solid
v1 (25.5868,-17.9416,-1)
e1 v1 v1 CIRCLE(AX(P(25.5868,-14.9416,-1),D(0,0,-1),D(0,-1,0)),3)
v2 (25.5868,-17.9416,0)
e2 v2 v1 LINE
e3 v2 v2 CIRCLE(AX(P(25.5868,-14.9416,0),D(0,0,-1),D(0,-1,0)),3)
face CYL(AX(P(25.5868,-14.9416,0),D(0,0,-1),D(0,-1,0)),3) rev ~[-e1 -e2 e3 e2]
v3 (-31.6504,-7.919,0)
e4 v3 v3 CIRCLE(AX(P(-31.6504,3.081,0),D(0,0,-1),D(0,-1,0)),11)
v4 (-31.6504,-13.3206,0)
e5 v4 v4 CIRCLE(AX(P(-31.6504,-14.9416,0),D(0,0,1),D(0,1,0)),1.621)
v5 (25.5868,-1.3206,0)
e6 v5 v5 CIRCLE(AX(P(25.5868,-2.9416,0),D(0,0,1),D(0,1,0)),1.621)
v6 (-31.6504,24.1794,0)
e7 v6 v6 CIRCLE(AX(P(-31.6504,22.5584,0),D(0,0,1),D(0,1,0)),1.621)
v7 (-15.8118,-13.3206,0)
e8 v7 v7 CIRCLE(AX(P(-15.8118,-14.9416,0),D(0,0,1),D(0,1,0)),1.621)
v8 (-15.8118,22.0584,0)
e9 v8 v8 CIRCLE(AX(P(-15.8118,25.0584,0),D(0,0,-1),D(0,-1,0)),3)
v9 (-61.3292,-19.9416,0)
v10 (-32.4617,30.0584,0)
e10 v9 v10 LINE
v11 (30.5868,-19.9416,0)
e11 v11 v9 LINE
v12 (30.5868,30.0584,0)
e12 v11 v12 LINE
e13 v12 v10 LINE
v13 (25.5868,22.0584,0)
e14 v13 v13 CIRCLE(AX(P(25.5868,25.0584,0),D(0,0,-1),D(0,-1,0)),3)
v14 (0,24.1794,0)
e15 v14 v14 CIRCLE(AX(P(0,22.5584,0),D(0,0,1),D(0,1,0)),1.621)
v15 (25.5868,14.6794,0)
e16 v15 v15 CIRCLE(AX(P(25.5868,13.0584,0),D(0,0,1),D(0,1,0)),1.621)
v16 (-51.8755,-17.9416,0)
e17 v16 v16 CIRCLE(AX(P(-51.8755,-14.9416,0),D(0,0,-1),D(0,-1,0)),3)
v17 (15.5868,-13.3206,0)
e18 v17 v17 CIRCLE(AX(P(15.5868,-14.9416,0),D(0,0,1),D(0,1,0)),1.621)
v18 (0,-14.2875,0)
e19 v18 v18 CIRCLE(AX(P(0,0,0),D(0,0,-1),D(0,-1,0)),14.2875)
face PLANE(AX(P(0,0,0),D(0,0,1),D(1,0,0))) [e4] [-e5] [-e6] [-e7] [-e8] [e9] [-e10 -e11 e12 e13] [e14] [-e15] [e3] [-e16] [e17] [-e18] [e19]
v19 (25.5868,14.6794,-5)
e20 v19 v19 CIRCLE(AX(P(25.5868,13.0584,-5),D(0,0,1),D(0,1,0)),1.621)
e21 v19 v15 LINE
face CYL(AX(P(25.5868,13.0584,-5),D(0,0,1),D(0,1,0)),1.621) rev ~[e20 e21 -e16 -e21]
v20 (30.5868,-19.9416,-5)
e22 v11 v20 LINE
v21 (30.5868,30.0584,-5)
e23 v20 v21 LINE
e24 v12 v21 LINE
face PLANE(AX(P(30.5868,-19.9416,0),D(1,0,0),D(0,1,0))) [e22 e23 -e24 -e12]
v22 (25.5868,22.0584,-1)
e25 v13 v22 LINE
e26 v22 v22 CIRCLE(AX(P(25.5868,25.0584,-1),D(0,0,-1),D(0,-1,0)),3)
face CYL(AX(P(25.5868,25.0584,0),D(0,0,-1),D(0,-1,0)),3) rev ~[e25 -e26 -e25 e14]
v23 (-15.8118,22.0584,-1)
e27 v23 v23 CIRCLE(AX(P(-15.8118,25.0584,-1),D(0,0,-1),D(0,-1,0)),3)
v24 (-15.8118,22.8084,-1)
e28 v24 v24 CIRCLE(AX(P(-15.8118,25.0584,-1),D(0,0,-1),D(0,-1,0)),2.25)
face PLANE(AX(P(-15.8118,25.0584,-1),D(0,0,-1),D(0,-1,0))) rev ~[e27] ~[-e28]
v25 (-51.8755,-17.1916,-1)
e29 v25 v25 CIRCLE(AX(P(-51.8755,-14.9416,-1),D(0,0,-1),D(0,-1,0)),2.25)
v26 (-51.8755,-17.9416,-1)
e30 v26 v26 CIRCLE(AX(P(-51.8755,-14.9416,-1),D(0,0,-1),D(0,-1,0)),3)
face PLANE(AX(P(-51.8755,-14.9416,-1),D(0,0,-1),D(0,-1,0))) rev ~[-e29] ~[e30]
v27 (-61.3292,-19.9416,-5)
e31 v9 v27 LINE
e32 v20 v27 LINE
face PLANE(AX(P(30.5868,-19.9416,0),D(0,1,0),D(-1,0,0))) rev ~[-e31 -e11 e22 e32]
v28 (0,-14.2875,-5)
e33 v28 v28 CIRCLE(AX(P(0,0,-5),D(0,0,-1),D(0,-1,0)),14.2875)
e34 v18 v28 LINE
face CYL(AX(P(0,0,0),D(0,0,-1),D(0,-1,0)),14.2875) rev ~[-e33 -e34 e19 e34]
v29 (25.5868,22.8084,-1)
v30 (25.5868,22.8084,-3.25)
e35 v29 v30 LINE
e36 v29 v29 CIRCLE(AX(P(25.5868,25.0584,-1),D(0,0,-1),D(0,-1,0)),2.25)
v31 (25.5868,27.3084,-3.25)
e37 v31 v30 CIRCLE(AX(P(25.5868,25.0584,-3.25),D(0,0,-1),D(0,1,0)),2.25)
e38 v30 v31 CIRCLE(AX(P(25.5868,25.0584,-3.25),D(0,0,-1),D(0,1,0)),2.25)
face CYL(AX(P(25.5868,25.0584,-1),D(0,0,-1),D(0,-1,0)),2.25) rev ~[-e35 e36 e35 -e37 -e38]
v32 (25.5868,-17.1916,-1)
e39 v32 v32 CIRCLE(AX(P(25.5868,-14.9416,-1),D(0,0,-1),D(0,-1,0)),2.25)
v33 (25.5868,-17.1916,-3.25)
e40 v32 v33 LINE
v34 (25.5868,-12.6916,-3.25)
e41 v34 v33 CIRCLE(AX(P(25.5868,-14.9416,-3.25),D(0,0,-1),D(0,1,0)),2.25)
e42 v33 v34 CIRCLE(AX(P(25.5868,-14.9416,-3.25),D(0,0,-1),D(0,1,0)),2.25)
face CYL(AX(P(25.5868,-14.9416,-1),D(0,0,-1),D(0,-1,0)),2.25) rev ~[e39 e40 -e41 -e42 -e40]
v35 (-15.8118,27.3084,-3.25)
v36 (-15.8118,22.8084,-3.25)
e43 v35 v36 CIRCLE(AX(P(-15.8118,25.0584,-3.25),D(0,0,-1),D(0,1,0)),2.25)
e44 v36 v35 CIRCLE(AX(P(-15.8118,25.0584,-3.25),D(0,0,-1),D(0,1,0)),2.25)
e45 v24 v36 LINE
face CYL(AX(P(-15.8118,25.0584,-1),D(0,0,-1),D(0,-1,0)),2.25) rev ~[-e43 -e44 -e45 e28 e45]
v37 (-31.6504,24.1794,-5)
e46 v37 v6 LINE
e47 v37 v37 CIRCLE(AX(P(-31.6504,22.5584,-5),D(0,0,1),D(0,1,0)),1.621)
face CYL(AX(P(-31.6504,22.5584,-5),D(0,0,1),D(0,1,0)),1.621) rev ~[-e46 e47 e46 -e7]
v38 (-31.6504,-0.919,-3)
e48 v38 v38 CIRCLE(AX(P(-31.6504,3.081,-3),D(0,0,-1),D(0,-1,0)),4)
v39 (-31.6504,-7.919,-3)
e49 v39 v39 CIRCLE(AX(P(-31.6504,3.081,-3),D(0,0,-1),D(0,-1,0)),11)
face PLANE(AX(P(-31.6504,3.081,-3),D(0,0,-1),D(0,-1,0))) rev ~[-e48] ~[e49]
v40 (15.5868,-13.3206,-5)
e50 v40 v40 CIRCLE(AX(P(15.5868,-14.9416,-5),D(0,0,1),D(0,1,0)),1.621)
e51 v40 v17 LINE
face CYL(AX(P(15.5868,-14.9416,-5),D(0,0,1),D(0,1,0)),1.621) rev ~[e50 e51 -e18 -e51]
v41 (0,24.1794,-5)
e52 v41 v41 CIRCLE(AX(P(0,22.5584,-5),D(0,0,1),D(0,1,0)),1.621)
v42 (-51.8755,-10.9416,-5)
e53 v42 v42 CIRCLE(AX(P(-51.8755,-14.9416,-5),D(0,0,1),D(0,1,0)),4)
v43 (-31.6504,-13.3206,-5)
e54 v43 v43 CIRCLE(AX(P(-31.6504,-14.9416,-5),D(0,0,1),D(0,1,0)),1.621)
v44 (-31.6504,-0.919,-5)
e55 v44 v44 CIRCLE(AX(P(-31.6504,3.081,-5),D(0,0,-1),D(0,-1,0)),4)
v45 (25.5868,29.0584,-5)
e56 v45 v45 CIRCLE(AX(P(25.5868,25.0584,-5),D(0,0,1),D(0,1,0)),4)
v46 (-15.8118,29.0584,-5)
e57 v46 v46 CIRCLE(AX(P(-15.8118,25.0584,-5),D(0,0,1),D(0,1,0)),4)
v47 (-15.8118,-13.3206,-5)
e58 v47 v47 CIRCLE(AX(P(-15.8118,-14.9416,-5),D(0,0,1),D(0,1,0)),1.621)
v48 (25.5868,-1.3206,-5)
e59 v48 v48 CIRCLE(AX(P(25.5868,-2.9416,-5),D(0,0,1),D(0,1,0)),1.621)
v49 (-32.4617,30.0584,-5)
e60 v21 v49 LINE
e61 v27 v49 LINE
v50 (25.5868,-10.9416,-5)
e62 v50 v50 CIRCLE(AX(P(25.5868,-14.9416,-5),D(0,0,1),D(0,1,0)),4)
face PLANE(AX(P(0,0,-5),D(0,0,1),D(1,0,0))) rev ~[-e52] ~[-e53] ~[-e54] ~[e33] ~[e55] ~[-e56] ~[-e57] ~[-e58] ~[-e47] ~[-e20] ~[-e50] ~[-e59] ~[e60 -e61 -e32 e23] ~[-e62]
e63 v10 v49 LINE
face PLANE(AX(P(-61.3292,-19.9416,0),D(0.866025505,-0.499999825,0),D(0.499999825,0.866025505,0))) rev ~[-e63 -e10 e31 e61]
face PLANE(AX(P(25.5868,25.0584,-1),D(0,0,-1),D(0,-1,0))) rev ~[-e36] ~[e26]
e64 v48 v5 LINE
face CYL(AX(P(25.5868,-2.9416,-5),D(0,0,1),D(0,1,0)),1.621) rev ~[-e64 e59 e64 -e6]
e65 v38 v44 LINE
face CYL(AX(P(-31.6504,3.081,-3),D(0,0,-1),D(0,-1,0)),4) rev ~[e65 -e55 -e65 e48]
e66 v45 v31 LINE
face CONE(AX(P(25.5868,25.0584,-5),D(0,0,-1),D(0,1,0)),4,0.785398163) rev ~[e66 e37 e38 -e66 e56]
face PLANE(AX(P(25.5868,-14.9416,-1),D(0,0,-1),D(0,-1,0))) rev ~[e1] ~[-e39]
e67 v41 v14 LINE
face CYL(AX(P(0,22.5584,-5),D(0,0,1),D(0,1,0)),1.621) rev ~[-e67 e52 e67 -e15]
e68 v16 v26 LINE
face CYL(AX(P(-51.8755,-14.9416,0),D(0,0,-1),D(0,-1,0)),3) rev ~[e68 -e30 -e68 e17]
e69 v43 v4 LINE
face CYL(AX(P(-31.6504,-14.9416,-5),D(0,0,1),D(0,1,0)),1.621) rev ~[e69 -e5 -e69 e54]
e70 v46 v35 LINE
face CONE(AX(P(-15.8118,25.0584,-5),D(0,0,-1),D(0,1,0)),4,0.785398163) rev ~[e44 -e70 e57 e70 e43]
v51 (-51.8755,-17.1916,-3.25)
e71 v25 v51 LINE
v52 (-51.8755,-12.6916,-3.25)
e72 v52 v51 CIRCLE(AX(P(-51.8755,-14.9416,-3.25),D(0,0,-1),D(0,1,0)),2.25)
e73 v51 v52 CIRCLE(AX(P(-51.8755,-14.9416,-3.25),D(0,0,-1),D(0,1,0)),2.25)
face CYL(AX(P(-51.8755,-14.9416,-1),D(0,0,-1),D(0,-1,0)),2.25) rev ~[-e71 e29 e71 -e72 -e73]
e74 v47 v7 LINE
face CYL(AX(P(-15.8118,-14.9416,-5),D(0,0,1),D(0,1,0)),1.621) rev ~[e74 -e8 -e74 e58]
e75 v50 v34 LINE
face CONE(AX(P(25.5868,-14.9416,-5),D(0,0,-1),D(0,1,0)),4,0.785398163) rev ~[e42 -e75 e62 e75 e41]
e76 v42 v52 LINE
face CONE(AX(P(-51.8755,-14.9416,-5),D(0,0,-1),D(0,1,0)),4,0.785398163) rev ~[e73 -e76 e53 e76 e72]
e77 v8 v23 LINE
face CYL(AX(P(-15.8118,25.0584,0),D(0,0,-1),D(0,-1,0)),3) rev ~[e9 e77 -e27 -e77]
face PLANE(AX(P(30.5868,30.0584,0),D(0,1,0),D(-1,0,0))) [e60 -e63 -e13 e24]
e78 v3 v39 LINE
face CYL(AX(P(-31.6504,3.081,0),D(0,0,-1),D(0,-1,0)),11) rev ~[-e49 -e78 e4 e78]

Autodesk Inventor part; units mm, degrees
ref_plane "YZ Plane" through (0, 0, 0) normal (1, 0, 0) x (0, 1, 0)
ref_plane "XZ Plane" through (0, 0, 0) normal (0, 1, 0) x (-1, 0, 0)
ref_plane "XY Plane" through (0, 0, 0) normal (0, 0, 1) x (1, 0, 0)
sketch "MASTER SKETCH" plane through (0, 0, 0) normal (0, 0, 1) x (1, 0, 0)
  circle A0 centre (0, 0) radius 22.86
  circle A1 centre (-31.6504, 3.081) radius 8.89
  circle A2 centre (-31.6504, 3.081) radius 20.32
  circle A3 centre (-60.6627, 6.8802) radius 8.89
  circle A4 centre (-58.2971, 5.0584) radius 6.35
  circle A5 centre (-60.6627, 6.8802) radius 25.4
  circle A6 centre (-58.2971, 5.0584) radius 25.4 construction
  line L0 (-44.0087, 26.0584) -> (-77.3167, -12.298) construction
  line L1 (-68.9445, 30.8921) -> (-52.3809, -17.1317) construction
  line L2 (-85.8186, 10.3933) -> (-36.0162, 0.7394) construction
  circle A7 centre (-44.0087, 26.0584) radius 2
  arc A8 (-68.9445, 30.8921) -> (-69.3394, 27.9326) centre (-44.0087, 26.0584) ccw construction
  arc A9 (-70.9079, 31.2727) -> (-71.334, 28.0802) centre (-44.0087, 26.0584) ccw
  arc A10 (-66.981, 30.5115) -> (-67.3449, 27.785) centre (-44.0087, 26.0584) ccw
  arc A11 (-66.981, 30.5115) -> (-70.9079, 31.2727) centre (-68.9445, 30.8921) ccw
  arc A12 (-71.334, 28.0802) -> (-67.3449, 27.785) centre (-69.3394, 27.9326) ccw
  arc A13 (-85.8186, 10.3933) -> (-83.6914, 5.5953) centre (-44.0087, 26.0584) ccw construction
  arc A14 (-87.6914, 9.6916) -> (-85.469, 4.6787) centre (-44.0087, 26.0584) ccw
  arc A15 (-83.9457, 11.0951) -> (-81.9139, 6.5119) centre (-44.0087, 26.0584) ccw
  arc A16 (-83.9457, 11.0951) -> (-87.6914, 9.6916) centre (-85.8186, 10.3933) ccw
  arc A17 (-85.469, 4.6787) -> (-81.9139, 6.5119) centre (-83.6914, 5.5953) ccw
  arc A18 (-77.3167, -12.298) -> (-72.5856, -15.9416) centre (-44.0087, 26.0584) ccw construction
  arc A19 (-78.6281, -13.8081) -> (-73.7107, -17.5951) centre (-44.0087, 26.0584) ccw
  arc A20 (-76.0054, -10.7879) -> (-71.4605, -14.288) centre (-44.0087, 26.0584) ccw
  arc A21 (-76.0054, -10.7879) -> (-78.6281, -13.8081) centre (-77.3167, -12.298) ccw
  arc A22 (-73.7107, -17.5951) -> (-71.4605, -14.288) centre (-72.5856, -15.9416) ccw
  arc A23 (-52.3809, -17.1317) -> (-47.2548, -17.8157) centre (-44.0087, 26.0584) ccw construction
  arc A24 (-52.7615, -19.0951) -> (-47.4024, -19.8103) centre (-44.0087, 26.0584) ccw
  arc A25 (-52.0003, -15.1682) -> (-47.1072, -15.8212) centre (-44.0087, 26.0584) ccw
  arc A26 (-52.0003, -15.1682) -> (-52.7615, -19.0951) centre (-52.3809, -17.1317) ccw
  arc A27 (-47.4024, -19.8103) -> (-47.1072, -15.8212) centre (-47.2548, -17.8157) ccw
  arc A28 (-36.0162, 0.7394) -> (-33.1003, 1.8522) centre (-44.0087, 26.0584) ccw construction
  arc A29 (-35.4141, -1.1679) -> (-32.2786, 0.0288) centre (-44.0087, 26.0584) ccw
  arc A30 (-36.6183, 2.6466) -> (-33.922, 3.6756) centre (-44.0087, 26.0584) ccw
  arc A31 (-36.6183, 2.6466) -> (-35.4141, -1.1679) centre (-36.0162, 0.7394) ccw
  arc A32 (-32.2786, 0.0288) -> (-33.922, 3.6756) centre (-33.1003, 1.8522) ccw
  line L3 (-91.0627, 30.0584) -> (30.5868, 30.0584)
  line L4 (30.5868, 30.0584) -> (30.5868, -19.9416)
  line L5 (30.5868, -19.9416) -> (-91.0627, -19.9416)
  line L6 (-91.0627, -19.9416) -> (-91.0627, 30.0584)
  circle A33 centre (0, 0) radius 14.2875 construction
  circle A34 centre (25.5868, -14.9416) radius 3
  circle A35 centre (25.5868, 25.0584) radius 3
  circle A36 centre (-51.8755, -14.9416) radius 3
  line L7 (-91.0627, 25.3566) -> (30.5868, 25.3566) construction
  circle A37 centre (-15.8118, 25.0584) radius 3
  line L8 (-58.2971, 5.0584) -> (-60.6627, 6.8802) construction
  line L9 (-52.0979, 13.108) -> (-54.4635, 14.9298)
  line L10 (-66.8619, -1.1693) -> (-64.4963, -2.9911)
  arc A38 (-64.4963, -2.9911) -> (-52.0979, 13.108) centre (-58.2971, 5.0584) ccw
  arc A39 (-54.4635, 14.9298) -> (-66.8619, -1.1693) centre (-60.6627, 6.8802) ccw
  circle A40 centre (0, 0) radius 24.13 construction
  circle A41 centre (-31.6504, 3.081) radius 21.59 construction
  line L11 (-67.7771, -2.3578) -> (-65.4116, -4.1796)
  arc A42 (-65.4116, -4.1796) -> (-51.1827, 14.2964) centre (-58.2971, 5.0584) ccw
  line L12 (-51.1827, 14.2964) -> (-53.5482, 16.1182)
  arc A43 (-53.5482, 16.1182) -> (-67.7771, -2.3578) centre (-60.6627, 6.8802) ccw
  point P0 (-60.0285, -7.7006)
  point P1 (-59.4799, 5.9693)
  dimension "d0" = 45.72
  dimension "d1" = 17.78
  dimension "d2" = 40.64
  dimension "d4" = 17.78
  dimension "d5" = 12.7
  dimension "d6" = 50.8
  dimension "d9" = 50.8
  dimension "d10" = 60
  dimension "d11" = 60
  dimension "d12" = 4
  dimension "d13" = 4
  dimension "d14" = 4
  dimension "d15" = 4
  dimension "d16" = 4
  dimension "d17" = 4
  dimension "d19" = 28.575
  dimension "d28" = 6
  dimension "d29" = 6
  dimension "d30" = 6
  dimension "d39" = 31.8
  dimension "d42" = 29.26
  dimension "d43" = 26.72
  dimension "d70" = 2
  dimension "d73" = 6
  dimension "d84" = 2
  dimension "d85" = 5
  dimension "d89" = 20.32
  dimension "d108" = 1.27
  dimension "d109" = 1.27
  dimension "d110" = 2.5
  dimension "d111" = 2.5
  dimension "d113" = 2.5
  dimension "d114" = 2
  dimension "d129" = 1.5
  dimension "d133" = 2.5
  dimension "d136" = 50
  dimension "d139" = 2
  dimension "d140" = 2.5
  dimension "d141" = 2
  dimension "d142" = 2
sketch "Sketch2" plane through (0, 0, 0) normal (0, 0, 1) x (1, 0, 0)
  line L0 (-91.0627, 30.0584) -> (30.5868, 30.0584) projected
  line L1 (-91.0627, -19.9416) -> (-91.0627, 30.0584) projected
  line L2 (30.5868, 30.0584) -> (30.5868, -19.9416) projected
  line L3 (30.5868, -19.9416) -> (-91.0627, -19.9416) projected
  line L4 (-91.0627, 30.0584) -> (30.5868, 30.0584)
  line L5 (30.5868, 30.0584) -> (30.5868, -19.9416)
  line L6 (30.5868, -19.9416) -> (-91.0627, -19.9416)
  line L7 (-91.0627, -19.9416) -> (-91.0627, 30.0584)
  point P0 (0, 0)
extrude "Extrusion1" [suppressed]
sketch "Sketch3" plane through (0, 0, 0) normal (0, 0, -1) x (-1, 0, 0)
  arc A0 (47.1072, -15.8212) -> (47.4024, -19.8103) centre (47.2548, -17.8157) ccw projected
  arc A1 (47.1072, -15.8212) -> (52.0003, -15.1682) centre (44.0087, 26.0584) ccw projected
  arc A2 (47.4024, -19.8103) -> (52.7615, -19.0951) centre (44.0087, 26.0584) ccw projected
  arc A3 (52.7615, -19.0951) -> (52.0003, -15.1682) centre (52.3809, -17.1317) ccw projected
  line L0 (91.0627, 30.0584) -> (91.0627, -19.9416) projected
  line L1 (-30.5868, 30.0584) -> (91.0627, 30.0584) projected
  line L2 (-30.5868, -19.9416) -> (-30.5868, 30.0584) projected
  line L3 (91.0627, -19.9416) -> (-30.5868, -19.9416) projected
  arc A4 (71.4605, -14.288) -> (73.7107, -17.5951) centre (72.5856, -15.9416) ccw projected
  arc A5 (73.7107, -17.5951) -> (78.6281, -13.8081) centre (44.0087, 26.0584) ccw projected
  arc A6 (71.4605, -14.288) -> (76.0054, -10.7879) centre (44.0087, 26.0584) ccw projected
  arc A7 (78.6281, -13.8081) -> (76.0054, -10.7879) centre (77.3167, -12.298) ccw projected
  arc A8 (81.9139, 6.5119) -> (83.9457, 11.0951) centre (44.0087, 26.0584) ccw projected
  arc A9 (81.9139, 6.5119) -> (85.469, 4.6787) centre (83.6914, 5.5953) ccw projected
  arc A10 (85.469, 4.6787) -> (87.6914, 9.6916) centre (44.0087, 26.0584) ccw projected
  arc A11 (87.6914, 9.6916) -> (83.9457, 11.0951) centre (85.8186, 10.3933) ccw projected
  arc A12 (71.334, 28.0802) -> (70.9079, 31.2727) centre (44.0087, 26.0584) ccw projected
  arc A13 (67.3449, 27.785) -> (66.981, 30.5115) centre (44.0087, 26.0584) ccw projected
  arc A14 (70.9079, 31.2727) -> (66.981, 30.5115) centre (68.9445, 30.8921) ccw projected
  arc A15 (67.3449, 27.785) -> (71.334, 28.0802) centre (69.3394, 27.9326) ccw projected
  arc A16 (66.8619, -1.1693) -> (54.4635, 14.9298) centre (60.6627, 6.8802) ccw projected
  arc A17 (52.0979, 13.108) -> (64.4963, -2.9911) centre (58.2971, 5.0584) ccw projected
  line L4 (52.0979, 13.108) -> (54.4635, 14.9298) projected
  line L5 (66.8619, -1.1693) -> (64.4963, -2.9911) projected
  point P0 (0, 0)
extrude "Extrusion2" [suppressed]
sketch "Sketch4" plane through (0, 0, 0) normal (0, 0, -1) x (-1, 0, 0)
  circle A0 centre (-25.5868, 25.0584) radius 3 projected
  circle A1 centre (15.8118, 25.0584) radius 3 projected
  circle A2 centre (51.8755, -14.9416) radius 3 projected
  circle A3 centre (-25.5868, -14.9416) radius 3 projected
  point P0 (0, 0)
sketch "Sketch5" plane through (0, 0, 0) normal (0, 0, -1) x (-1, 0, 0)
  circle A0 centre (0, 0) radius 22.86 projected
hole "Hole1" [suppressed]
hole "Hole2" [suppressed]
sketch "Sketch6" plane through (0, 0, 0) normal (0, 0, -1) x (-1, 0, 0)
  line L0 (91.0627, 25.3566) -> (-30.5868, 25.3566) construction
  circle A0 centre (44.0087, 26.0584) radius 2 projected
  point P0 (0, 0)
hole "Hole3" [suppressed]
sketch "Sketch7" plane through (0, 0, 0) normal (0, 0, -1) x (-1, 0, 0)
  circle A0 centre (31.6504, 3.081) radius 20.32 projected
  point P0 (0, 0)
hole "Hole4" [suppressed]
sketch "Sketch8" plane through (0, 0, 0) normal (0, 0, -1) x (-1, 0, 0)
  arc A0 (52.0979, 13.108) -> (64.4963, -2.9911) centre (58.2971, 5.0584) ccw projected
  line L0 (66.8619, -1.1693) -> (64.4963, -2.9911) projected
  arc A1 (66.8619, -1.1693) -> (54.4635, 14.9298) centre (60.6627, 6.8802) ccw projected
  line L1 (52.0979, 13.108) -> (54.4635, 14.9298) projected
  arc A2 (67.7771, -2.3578) -> (53.5482, 16.1182) centre (60.6627, 6.8802) ccw projected
  line L2 (51.1827, 14.2964) -> (53.5482, 16.1182) projected
  line L3 (67.7771, -2.3578) -> (65.4116, -4.1796) projected
  arc A3 (51.1827, 14.2964) -> (65.4116, -4.1796) centre (58.2971, 5.0584) ccw projected
  point P0 (0, 0)
extrude "Extrusion3" [suppressed]
sketch "Sketch11" plane through (0, 0, 0) normal (0, 0, 1) x (1, 0, 0)
  line L0 (30.5868, -19.9416) -> (30.5868, 30.0584) projected
  line L1 (30.5868, 30.0584) -> (30.5868, -19.9416)
  line L2 (30.5868, -19.9416) -> (-61.3292, -19.9416)
  line L3 (-91.0627, -19.9416) -> (30.5868, -19.9416) projected
  line L4 (-61.3292, -19.9416) -> (-32.4617, 30.0584)
  line L5 (30.5868, 30.0584) -> (-91.0627, 30.0584) projected
  line L6 (-32.4617, 30.0584) -> (30.5868, 30.0584)
  circle A0 centre (-44.0087, 26.0584) radius 2 projected
  point P0 (0, 0)
  dimension "d147" = 120
  dimension "d148" = 8
extrude "Extrusion5" add sketch "Sketch11" against normal blind 5 contours L2 L4 L5 L0
sketch "Sketch12" plane through (0, 0, 0) normal (0, 0, 1) x (1, 0, 0)
  circle A0 centre (-15.8118, 25.0584) radius 3 projected
  circle A1 centre (25.5868, 25.0584) radius 3 projected
  circle A2 centre (25.5868, -14.9416) radius 3 projected
  circle A3 centre (-51.8755, -14.9416) radius 3 projected
  point P0 (0, 0)
hole "Hole5" at (-15.8118, 25.0584, 0) at (-51.8755, -14.9416, 0) at (25.5868, -14.9416, 0) at (25.5868, 25.0584, 0) direction (0, 0, -1) diameter 4.5 end through all counterbore diameter 6 counterbore depth 1
sketch "Sketch13" plane through (0, 0, 0) normal (0, 0, 1) x (1, 0, 0)
  circle A0 centre (0, 0) radius 14.2875 construction
hole "Hole6" at (0, 0, 0) direction (0, 0, -1) diameter 28.575 end through all
sketch "Sketch14" plane through (0, 0, 0) normal (0, 0, 1) x (1, 0, 0)
  circle A0 centre (-31.6504, 3.081) radius 8.89 projected
  point P0 (0, 0)
hole "Hole7" at (-31.6504, 3.081, 0) direction (0, 0, -1) diameter 8 depth 5 counterbore diameter 22 counterbore depth 3
sketch "Sketch15" plane through (0, 0, -5) normal (0, 0, -1) x (-1, 0, 0)
  circle A0 centre (-25.5868, 25.0584) radius 2.25 projected
  circle A1 centre (-25.5868, -14.9416) radius 2.25 projected
  circle A2 centre (51.8755, -14.9416) radius 2.25 projected
  circle A3 centre (15.8118, 25.0584) radius 2.25 projected
  point P0 (0, 0)
hole "Hole8" at (25.5868, 25.0584, -5) at (-15.8118, 25.0584, -5) at (25.5868, -14.9416, -5) at (-51.8755, -14.9416, -5) direction (0, 0, 1) diameter 4 end through all countersink diameter 8 countersink angle 90
sketch "Sketch16" plane through (0, 0, -5) normal (0, 0, -1) x (-1, 0, 0)
  circle A0 centre (-25.5868, 25.0584) radius 4 construction
  circle A1 centre (-25.5868, -14.9416) radius 4 construction
  circle A2 centre (15.8118, 25.0584) radius 4 construction
  circle A3 centre (51.8755, -14.9416) radius 4 construction
  circle A4 centre (31.6504, 3.081) radius 4 projected
  point P0 (0, 0)
  point P1 (-25.5868, -2.9416)
  point P2 (-25.5868, 13.0584)
  point P3 (15.8118, -14.9416)
  point P4 (0, 22.5584)
  point P5 (-15.5868, -14.9416)
  point P6 (31.6504, -14.9416)
  point P7 (31.6504, 22.5584)
  dimension "d181" = 10
  dimension "d182" = 12
  dimension "d183" = 12
  dimension "d191" = 2.5
hole "Hole9" at (25.5868, -2.9416, -5) at (25.5868, 13.0584, -5) at (-15.8118, -14.9416, -5) at (0, 22.5584, -5) at (15.5868, -14.9416, -5) at (-31.6504, -14.9416, -5) at (-31.6504, 22.5584, -5) direction (0, 0, 1) diameter 3.242 depth 10 thread size "M4x0.7" class "6H" standard "ISO Metric profile"
equation "\"d0\" = SR2PD"
equation "\"d1\" = SR1PD"
equation "\"d2\" = FirstReductionPD"
equation "\"d4\" = Pinion4inPD"
equation "\"d5\" = PinionPD"
equation "\"PinionPD\" = 12.7"
equation "\"FirstReductionPD\" = 40.64"
equation "\"HighGearPD\" = 20.32"
equation "\"LowGearPD\" = 17.78"
equation "\"HighGearDogPD\" = 63.5"
equation "\"LowGearDogPD\" = 76.2"
equation "\"SR1PD\" = 17.78"
equation "\"SR2PD\" = 45.72"
equation "\"Pinion4inPD\" = 17.78"
properties part number "GEARBOX FRONT PLATE" material "Aluminum 6061"
